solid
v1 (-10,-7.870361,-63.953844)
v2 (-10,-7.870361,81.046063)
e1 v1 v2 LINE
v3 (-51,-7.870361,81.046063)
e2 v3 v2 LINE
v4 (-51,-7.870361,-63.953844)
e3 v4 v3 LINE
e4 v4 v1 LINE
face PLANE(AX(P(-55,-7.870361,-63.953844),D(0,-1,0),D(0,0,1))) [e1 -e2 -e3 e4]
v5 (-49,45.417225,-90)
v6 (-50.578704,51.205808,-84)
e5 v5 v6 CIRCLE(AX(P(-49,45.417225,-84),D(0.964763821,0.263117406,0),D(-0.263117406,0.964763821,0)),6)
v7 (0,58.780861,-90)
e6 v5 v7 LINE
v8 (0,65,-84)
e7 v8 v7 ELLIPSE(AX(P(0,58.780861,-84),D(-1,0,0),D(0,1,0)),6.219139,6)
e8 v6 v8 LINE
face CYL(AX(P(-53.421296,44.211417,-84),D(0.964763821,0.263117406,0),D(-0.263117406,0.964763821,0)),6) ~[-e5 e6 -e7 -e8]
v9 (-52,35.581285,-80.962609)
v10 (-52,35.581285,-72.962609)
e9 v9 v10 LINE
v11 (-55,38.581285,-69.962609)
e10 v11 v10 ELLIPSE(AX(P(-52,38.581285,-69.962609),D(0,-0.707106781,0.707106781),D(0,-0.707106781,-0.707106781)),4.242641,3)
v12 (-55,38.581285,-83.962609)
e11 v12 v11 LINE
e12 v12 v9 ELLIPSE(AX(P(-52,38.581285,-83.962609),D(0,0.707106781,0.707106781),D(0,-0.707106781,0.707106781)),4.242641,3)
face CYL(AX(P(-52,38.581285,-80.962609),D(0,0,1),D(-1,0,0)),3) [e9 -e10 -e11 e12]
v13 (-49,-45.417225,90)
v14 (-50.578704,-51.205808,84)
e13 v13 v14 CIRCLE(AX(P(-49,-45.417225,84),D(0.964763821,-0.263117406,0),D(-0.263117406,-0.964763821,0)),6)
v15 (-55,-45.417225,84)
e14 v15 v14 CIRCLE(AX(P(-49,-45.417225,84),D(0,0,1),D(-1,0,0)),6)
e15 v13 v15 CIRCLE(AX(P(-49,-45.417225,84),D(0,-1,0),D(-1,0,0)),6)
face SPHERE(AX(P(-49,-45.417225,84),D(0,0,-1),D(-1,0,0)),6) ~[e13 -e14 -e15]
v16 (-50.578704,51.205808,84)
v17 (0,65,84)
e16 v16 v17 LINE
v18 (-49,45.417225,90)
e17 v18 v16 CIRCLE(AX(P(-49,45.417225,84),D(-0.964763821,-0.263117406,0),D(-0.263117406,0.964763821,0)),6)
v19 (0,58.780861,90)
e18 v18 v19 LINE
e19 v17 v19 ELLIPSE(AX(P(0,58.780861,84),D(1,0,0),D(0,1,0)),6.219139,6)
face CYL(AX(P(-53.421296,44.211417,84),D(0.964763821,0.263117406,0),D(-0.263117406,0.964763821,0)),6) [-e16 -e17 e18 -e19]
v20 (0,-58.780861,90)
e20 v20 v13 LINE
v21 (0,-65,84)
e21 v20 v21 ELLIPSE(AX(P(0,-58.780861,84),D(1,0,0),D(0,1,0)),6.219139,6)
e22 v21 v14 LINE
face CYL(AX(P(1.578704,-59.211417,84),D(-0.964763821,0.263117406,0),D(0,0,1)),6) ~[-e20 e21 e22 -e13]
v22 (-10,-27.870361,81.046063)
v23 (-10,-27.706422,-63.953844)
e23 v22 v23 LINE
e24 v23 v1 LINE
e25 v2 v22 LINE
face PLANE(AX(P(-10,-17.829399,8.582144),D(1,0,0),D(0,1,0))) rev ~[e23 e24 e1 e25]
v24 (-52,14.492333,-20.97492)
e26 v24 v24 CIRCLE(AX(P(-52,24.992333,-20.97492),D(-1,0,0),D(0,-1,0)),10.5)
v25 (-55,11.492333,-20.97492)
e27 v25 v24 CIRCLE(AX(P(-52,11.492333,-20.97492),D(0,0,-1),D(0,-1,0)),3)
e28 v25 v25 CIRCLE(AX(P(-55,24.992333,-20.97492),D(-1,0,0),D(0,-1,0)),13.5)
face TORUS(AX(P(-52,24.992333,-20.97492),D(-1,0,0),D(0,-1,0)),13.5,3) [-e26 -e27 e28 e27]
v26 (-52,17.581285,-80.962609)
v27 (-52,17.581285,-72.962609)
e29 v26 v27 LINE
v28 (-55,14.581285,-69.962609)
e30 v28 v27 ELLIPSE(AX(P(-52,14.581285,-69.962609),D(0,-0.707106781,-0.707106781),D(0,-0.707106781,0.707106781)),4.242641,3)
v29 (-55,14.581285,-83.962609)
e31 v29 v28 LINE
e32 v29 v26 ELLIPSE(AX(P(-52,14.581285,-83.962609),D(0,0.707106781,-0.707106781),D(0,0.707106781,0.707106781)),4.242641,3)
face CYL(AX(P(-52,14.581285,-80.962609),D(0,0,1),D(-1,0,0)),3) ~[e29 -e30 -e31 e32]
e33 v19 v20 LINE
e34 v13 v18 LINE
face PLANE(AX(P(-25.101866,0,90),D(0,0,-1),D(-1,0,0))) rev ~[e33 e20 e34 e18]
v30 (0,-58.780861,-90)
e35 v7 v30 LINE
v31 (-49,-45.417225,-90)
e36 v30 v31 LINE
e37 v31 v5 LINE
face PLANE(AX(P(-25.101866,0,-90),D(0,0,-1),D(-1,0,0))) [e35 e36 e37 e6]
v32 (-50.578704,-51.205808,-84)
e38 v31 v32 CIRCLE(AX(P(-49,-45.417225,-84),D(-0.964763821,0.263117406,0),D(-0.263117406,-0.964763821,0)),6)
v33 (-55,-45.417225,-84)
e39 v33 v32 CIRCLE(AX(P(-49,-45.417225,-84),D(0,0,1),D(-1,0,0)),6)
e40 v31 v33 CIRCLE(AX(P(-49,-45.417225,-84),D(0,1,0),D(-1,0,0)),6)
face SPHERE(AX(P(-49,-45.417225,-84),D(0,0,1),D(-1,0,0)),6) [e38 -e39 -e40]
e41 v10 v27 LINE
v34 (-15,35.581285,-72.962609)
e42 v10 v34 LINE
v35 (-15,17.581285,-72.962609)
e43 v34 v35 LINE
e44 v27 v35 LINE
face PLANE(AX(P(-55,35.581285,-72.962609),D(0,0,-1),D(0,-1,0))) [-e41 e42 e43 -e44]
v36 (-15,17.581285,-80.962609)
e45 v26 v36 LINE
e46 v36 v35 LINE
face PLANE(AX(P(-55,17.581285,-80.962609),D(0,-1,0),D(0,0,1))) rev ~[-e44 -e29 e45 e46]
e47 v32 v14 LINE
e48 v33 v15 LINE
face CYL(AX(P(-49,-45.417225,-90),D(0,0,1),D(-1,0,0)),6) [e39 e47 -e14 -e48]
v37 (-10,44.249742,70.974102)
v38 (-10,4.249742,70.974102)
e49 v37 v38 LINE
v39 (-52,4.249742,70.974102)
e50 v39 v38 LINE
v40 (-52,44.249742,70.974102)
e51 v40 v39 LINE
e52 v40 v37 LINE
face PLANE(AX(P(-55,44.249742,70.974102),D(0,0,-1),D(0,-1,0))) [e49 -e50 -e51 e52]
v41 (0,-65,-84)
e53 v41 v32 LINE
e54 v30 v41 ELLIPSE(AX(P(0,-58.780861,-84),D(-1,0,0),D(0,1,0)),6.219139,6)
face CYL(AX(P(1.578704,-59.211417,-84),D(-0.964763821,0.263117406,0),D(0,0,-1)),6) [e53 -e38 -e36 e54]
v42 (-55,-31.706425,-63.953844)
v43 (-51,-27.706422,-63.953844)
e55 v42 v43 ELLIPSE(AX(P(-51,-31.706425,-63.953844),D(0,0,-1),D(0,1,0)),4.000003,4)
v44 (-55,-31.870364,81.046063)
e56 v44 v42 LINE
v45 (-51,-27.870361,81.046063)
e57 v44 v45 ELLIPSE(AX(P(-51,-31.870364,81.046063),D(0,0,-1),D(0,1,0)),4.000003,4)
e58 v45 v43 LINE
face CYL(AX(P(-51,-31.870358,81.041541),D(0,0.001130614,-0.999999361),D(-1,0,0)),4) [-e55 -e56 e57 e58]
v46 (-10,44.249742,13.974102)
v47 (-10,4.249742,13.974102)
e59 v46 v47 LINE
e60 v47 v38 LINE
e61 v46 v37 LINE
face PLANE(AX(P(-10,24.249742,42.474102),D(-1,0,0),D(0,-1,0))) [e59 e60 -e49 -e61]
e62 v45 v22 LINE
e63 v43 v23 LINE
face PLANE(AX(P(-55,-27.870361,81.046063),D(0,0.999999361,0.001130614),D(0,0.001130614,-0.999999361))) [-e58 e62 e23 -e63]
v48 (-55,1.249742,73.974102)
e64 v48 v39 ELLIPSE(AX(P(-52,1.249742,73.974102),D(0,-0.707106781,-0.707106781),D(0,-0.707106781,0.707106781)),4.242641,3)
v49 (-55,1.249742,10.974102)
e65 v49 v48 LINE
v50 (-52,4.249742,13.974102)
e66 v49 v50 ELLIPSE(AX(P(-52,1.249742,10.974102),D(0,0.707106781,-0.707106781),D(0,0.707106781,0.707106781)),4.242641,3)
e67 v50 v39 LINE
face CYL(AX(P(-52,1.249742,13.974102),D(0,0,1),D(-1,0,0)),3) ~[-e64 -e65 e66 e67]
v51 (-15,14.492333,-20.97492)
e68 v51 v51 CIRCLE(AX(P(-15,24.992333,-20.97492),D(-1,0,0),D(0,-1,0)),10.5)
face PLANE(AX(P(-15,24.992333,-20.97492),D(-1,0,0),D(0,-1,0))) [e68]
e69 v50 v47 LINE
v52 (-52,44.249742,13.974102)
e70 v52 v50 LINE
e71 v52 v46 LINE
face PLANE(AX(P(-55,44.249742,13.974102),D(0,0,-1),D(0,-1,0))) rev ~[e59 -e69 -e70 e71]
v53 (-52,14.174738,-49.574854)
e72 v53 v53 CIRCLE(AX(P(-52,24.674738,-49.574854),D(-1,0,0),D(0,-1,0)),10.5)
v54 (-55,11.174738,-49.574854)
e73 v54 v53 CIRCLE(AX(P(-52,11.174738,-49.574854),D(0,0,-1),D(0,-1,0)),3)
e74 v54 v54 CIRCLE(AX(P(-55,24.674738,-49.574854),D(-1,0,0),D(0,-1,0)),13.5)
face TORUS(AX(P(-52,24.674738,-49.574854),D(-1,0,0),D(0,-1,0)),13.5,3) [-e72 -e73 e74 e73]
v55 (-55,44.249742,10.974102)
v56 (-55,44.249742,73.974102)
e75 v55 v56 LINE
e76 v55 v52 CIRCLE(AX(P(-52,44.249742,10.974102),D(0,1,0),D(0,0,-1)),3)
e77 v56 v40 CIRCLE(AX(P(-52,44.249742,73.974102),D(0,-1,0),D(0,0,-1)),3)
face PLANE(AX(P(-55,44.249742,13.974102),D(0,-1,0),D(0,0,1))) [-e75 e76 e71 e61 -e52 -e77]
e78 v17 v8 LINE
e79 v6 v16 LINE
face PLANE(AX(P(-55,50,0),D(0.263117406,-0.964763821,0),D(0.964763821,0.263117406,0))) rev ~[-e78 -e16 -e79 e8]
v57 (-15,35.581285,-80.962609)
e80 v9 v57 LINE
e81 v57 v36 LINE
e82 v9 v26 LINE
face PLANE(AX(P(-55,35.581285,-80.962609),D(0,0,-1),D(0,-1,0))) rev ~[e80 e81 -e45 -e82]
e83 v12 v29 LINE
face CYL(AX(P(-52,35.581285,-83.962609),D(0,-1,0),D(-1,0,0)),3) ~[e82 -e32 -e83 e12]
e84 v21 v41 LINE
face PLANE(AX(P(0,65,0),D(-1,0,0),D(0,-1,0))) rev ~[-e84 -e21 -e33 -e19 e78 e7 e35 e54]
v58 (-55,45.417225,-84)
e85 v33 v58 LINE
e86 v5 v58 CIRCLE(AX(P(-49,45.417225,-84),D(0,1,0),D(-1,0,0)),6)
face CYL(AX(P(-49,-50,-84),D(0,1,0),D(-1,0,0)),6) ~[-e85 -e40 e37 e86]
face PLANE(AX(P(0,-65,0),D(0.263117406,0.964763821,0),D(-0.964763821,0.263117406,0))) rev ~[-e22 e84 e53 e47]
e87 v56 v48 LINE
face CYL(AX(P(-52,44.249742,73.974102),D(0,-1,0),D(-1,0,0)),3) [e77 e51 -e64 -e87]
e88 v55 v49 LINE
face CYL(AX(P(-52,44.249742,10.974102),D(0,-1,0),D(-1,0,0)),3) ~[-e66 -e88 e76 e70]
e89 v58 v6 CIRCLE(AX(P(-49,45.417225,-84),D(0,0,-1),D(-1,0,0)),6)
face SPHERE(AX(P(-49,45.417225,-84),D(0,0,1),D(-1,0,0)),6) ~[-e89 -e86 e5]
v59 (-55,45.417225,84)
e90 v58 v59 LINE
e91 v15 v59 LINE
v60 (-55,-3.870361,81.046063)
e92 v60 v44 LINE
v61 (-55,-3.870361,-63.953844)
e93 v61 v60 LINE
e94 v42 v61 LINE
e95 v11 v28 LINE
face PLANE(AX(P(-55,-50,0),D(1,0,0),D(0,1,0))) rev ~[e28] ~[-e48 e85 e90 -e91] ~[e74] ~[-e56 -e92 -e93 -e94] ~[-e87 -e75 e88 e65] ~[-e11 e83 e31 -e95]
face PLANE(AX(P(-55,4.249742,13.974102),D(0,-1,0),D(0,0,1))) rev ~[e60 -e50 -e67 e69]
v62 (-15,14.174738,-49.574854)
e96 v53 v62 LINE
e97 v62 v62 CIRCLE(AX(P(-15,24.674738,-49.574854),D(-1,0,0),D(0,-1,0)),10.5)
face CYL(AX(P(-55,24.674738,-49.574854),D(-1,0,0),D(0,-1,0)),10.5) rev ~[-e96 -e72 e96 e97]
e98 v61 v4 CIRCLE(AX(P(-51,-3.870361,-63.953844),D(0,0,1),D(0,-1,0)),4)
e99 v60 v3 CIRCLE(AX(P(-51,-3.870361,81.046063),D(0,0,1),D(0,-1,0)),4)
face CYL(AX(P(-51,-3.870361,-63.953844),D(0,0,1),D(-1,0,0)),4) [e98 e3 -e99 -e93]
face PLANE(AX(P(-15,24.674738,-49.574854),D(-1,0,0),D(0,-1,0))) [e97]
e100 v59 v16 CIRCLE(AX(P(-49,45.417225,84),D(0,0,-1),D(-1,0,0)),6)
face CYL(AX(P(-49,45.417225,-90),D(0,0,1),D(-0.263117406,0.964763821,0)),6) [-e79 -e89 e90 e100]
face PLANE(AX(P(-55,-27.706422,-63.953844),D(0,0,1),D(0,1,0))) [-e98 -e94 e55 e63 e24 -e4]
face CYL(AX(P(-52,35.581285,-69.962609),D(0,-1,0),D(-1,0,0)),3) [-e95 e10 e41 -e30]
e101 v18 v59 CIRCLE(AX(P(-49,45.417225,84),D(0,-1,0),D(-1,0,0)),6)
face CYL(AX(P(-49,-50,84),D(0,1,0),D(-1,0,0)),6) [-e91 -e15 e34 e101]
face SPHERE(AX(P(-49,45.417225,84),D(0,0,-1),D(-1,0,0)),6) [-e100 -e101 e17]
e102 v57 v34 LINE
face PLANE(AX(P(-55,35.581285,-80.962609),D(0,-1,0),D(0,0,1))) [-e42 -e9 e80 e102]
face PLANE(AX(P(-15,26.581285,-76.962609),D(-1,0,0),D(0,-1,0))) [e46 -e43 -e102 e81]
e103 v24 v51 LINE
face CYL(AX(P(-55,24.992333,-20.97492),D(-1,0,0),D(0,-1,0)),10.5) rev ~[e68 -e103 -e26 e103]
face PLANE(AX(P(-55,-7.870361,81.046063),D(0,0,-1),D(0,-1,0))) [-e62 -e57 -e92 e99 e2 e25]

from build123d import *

# Parameters (mm, degrees)
PAD_DEPTH       = 90
POCKET_DEPTH    = 45
SKETCH002_W     = 40
SKETCH002_H     = 57
POCKET001_DEPTH = 45
SKETCH003_R     = 10.5
SKETCH003_W     = 18
SKETCH003_H     = 8
POCKET002_DEPTH = 40
FILLET_R        = 6
FILLET001_R     = 3
FILLET002_R     = 4
FILLET003_R     = 3
FILLET004_R     = 3


with BuildPart() as part:
    # Sketch → Pad (new body, symmetric)
    with BuildSketch(Plane.XY):
        Polygon((-55, 50), (0, 65), (0, -65), (-55, -50), align=None)
    extrude(amount=PAD_DEPTH, both=True)

    # Sketch001 (on Face4 of Pad) → Pocket (cut)
    with BuildSketch(Plane(origin=(-55, 0, 0), x_dir=(0, -1, 0), z_dir=(-1, 0, 0))):
        Polygon((7.870361, 81.046063), (27.870361, 81.046063), (27.706422, -63.953844), (7.870361, -63.953844), align=None)
    extrude(amount=-POCKET_DEPTH, mode=Mode.SUBTRACT)

    # Sketch002 (on Face2 of Pocket) → Pocket001 (cut)
    with BuildSketch(Plane(origin=(-55, 0, 0), x_dir=(0, -1, 0), z_dir=(-1, 0, 0))):
        with Locations((-24.249742, 42.474102)):
            Rectangle(SKETCH002_W, SKETCH002_H)
    extrude(amount=-POCKET001_DEPTH, mode=Mode.SUBTRACT)

    # Sketch003 (on Face2 of Pocket001) → Pocket002 (cut)
    with BuildSketch(Plane(origin=(-55, 0, 0), x_dir=(0, -1, 0), z_dir=(-1, 0, 0))):
        with Locations((-24.992333, -20.97492)):
            Circle(SKETCH003_R)
        with Locations((-24.674738, -49.574854)):
            Circle(SKETCH003_R)
        with Locations((-26.581285, -76.962609)):
            Rectangle(SKETCH003_W, SKETCH003_H)
    extrude(amount=-POCKET002_DEPTH, mode=Mode.SUBTRACT)

    # Fillet
    fillet_edges = [part.edges().sort_by_distance(p)[0] for p in [
        (-27.5, -57.5, -90),
        (-27.5, 57.5, -90),
        (-55, 50, 0),
        (-55, -50, 0),
        (-55, 0, -90),
        (-55, 0, 90),
        (-27.5, -57.5, 90),
        (-27.5, 57.5, 90),
    ]]
    fillet(fillet_edges, radius=FILLET_R)

    # Fillet001
    fillet001_edges = [part.edges().sort_by_distance(p)[0] for p in [
        (-55, 35.492333, -20.97492),
        (-55, 35.174738, -49.574854),
    ]]
    fillet(fillet001_edges, radius=FILLET001_R)

    # Fillet002
    fillet002_edges = [part.edges().sort_by_distance(p)[0] for p in [
        (-55, -27.788392, 8.546109),
        (-55, -7.870361, 8.546109),
    ]]
    fillet(fillet002_edges, radius=FILLET002_R)

    # Fillet003
    fillet003_edges = [part.edges().sort_by_distance(p)[0] for p in [
        (-55, 4.249742, 42.474102),
        (-55, 24.249742, 70.974102),
        (-55, 24.249742, 13.974102),
    ]]
    fillet(fillet003_edges, radius=FILLET003_R)

    # Fillet004
    fillet004_edges = [part.edges().sort_by_distance(p)[0] for p in [
        (-55, 26.581285, -72.962609),
        (-55, 35.581285, -76.962609),
        (-55, 17.581285, -76.962609),
        (-55, 26.581285, -80.962609),
    ]]
    fillet(fillet004_edges, radius=FILLET004_R)


solid = part.part
